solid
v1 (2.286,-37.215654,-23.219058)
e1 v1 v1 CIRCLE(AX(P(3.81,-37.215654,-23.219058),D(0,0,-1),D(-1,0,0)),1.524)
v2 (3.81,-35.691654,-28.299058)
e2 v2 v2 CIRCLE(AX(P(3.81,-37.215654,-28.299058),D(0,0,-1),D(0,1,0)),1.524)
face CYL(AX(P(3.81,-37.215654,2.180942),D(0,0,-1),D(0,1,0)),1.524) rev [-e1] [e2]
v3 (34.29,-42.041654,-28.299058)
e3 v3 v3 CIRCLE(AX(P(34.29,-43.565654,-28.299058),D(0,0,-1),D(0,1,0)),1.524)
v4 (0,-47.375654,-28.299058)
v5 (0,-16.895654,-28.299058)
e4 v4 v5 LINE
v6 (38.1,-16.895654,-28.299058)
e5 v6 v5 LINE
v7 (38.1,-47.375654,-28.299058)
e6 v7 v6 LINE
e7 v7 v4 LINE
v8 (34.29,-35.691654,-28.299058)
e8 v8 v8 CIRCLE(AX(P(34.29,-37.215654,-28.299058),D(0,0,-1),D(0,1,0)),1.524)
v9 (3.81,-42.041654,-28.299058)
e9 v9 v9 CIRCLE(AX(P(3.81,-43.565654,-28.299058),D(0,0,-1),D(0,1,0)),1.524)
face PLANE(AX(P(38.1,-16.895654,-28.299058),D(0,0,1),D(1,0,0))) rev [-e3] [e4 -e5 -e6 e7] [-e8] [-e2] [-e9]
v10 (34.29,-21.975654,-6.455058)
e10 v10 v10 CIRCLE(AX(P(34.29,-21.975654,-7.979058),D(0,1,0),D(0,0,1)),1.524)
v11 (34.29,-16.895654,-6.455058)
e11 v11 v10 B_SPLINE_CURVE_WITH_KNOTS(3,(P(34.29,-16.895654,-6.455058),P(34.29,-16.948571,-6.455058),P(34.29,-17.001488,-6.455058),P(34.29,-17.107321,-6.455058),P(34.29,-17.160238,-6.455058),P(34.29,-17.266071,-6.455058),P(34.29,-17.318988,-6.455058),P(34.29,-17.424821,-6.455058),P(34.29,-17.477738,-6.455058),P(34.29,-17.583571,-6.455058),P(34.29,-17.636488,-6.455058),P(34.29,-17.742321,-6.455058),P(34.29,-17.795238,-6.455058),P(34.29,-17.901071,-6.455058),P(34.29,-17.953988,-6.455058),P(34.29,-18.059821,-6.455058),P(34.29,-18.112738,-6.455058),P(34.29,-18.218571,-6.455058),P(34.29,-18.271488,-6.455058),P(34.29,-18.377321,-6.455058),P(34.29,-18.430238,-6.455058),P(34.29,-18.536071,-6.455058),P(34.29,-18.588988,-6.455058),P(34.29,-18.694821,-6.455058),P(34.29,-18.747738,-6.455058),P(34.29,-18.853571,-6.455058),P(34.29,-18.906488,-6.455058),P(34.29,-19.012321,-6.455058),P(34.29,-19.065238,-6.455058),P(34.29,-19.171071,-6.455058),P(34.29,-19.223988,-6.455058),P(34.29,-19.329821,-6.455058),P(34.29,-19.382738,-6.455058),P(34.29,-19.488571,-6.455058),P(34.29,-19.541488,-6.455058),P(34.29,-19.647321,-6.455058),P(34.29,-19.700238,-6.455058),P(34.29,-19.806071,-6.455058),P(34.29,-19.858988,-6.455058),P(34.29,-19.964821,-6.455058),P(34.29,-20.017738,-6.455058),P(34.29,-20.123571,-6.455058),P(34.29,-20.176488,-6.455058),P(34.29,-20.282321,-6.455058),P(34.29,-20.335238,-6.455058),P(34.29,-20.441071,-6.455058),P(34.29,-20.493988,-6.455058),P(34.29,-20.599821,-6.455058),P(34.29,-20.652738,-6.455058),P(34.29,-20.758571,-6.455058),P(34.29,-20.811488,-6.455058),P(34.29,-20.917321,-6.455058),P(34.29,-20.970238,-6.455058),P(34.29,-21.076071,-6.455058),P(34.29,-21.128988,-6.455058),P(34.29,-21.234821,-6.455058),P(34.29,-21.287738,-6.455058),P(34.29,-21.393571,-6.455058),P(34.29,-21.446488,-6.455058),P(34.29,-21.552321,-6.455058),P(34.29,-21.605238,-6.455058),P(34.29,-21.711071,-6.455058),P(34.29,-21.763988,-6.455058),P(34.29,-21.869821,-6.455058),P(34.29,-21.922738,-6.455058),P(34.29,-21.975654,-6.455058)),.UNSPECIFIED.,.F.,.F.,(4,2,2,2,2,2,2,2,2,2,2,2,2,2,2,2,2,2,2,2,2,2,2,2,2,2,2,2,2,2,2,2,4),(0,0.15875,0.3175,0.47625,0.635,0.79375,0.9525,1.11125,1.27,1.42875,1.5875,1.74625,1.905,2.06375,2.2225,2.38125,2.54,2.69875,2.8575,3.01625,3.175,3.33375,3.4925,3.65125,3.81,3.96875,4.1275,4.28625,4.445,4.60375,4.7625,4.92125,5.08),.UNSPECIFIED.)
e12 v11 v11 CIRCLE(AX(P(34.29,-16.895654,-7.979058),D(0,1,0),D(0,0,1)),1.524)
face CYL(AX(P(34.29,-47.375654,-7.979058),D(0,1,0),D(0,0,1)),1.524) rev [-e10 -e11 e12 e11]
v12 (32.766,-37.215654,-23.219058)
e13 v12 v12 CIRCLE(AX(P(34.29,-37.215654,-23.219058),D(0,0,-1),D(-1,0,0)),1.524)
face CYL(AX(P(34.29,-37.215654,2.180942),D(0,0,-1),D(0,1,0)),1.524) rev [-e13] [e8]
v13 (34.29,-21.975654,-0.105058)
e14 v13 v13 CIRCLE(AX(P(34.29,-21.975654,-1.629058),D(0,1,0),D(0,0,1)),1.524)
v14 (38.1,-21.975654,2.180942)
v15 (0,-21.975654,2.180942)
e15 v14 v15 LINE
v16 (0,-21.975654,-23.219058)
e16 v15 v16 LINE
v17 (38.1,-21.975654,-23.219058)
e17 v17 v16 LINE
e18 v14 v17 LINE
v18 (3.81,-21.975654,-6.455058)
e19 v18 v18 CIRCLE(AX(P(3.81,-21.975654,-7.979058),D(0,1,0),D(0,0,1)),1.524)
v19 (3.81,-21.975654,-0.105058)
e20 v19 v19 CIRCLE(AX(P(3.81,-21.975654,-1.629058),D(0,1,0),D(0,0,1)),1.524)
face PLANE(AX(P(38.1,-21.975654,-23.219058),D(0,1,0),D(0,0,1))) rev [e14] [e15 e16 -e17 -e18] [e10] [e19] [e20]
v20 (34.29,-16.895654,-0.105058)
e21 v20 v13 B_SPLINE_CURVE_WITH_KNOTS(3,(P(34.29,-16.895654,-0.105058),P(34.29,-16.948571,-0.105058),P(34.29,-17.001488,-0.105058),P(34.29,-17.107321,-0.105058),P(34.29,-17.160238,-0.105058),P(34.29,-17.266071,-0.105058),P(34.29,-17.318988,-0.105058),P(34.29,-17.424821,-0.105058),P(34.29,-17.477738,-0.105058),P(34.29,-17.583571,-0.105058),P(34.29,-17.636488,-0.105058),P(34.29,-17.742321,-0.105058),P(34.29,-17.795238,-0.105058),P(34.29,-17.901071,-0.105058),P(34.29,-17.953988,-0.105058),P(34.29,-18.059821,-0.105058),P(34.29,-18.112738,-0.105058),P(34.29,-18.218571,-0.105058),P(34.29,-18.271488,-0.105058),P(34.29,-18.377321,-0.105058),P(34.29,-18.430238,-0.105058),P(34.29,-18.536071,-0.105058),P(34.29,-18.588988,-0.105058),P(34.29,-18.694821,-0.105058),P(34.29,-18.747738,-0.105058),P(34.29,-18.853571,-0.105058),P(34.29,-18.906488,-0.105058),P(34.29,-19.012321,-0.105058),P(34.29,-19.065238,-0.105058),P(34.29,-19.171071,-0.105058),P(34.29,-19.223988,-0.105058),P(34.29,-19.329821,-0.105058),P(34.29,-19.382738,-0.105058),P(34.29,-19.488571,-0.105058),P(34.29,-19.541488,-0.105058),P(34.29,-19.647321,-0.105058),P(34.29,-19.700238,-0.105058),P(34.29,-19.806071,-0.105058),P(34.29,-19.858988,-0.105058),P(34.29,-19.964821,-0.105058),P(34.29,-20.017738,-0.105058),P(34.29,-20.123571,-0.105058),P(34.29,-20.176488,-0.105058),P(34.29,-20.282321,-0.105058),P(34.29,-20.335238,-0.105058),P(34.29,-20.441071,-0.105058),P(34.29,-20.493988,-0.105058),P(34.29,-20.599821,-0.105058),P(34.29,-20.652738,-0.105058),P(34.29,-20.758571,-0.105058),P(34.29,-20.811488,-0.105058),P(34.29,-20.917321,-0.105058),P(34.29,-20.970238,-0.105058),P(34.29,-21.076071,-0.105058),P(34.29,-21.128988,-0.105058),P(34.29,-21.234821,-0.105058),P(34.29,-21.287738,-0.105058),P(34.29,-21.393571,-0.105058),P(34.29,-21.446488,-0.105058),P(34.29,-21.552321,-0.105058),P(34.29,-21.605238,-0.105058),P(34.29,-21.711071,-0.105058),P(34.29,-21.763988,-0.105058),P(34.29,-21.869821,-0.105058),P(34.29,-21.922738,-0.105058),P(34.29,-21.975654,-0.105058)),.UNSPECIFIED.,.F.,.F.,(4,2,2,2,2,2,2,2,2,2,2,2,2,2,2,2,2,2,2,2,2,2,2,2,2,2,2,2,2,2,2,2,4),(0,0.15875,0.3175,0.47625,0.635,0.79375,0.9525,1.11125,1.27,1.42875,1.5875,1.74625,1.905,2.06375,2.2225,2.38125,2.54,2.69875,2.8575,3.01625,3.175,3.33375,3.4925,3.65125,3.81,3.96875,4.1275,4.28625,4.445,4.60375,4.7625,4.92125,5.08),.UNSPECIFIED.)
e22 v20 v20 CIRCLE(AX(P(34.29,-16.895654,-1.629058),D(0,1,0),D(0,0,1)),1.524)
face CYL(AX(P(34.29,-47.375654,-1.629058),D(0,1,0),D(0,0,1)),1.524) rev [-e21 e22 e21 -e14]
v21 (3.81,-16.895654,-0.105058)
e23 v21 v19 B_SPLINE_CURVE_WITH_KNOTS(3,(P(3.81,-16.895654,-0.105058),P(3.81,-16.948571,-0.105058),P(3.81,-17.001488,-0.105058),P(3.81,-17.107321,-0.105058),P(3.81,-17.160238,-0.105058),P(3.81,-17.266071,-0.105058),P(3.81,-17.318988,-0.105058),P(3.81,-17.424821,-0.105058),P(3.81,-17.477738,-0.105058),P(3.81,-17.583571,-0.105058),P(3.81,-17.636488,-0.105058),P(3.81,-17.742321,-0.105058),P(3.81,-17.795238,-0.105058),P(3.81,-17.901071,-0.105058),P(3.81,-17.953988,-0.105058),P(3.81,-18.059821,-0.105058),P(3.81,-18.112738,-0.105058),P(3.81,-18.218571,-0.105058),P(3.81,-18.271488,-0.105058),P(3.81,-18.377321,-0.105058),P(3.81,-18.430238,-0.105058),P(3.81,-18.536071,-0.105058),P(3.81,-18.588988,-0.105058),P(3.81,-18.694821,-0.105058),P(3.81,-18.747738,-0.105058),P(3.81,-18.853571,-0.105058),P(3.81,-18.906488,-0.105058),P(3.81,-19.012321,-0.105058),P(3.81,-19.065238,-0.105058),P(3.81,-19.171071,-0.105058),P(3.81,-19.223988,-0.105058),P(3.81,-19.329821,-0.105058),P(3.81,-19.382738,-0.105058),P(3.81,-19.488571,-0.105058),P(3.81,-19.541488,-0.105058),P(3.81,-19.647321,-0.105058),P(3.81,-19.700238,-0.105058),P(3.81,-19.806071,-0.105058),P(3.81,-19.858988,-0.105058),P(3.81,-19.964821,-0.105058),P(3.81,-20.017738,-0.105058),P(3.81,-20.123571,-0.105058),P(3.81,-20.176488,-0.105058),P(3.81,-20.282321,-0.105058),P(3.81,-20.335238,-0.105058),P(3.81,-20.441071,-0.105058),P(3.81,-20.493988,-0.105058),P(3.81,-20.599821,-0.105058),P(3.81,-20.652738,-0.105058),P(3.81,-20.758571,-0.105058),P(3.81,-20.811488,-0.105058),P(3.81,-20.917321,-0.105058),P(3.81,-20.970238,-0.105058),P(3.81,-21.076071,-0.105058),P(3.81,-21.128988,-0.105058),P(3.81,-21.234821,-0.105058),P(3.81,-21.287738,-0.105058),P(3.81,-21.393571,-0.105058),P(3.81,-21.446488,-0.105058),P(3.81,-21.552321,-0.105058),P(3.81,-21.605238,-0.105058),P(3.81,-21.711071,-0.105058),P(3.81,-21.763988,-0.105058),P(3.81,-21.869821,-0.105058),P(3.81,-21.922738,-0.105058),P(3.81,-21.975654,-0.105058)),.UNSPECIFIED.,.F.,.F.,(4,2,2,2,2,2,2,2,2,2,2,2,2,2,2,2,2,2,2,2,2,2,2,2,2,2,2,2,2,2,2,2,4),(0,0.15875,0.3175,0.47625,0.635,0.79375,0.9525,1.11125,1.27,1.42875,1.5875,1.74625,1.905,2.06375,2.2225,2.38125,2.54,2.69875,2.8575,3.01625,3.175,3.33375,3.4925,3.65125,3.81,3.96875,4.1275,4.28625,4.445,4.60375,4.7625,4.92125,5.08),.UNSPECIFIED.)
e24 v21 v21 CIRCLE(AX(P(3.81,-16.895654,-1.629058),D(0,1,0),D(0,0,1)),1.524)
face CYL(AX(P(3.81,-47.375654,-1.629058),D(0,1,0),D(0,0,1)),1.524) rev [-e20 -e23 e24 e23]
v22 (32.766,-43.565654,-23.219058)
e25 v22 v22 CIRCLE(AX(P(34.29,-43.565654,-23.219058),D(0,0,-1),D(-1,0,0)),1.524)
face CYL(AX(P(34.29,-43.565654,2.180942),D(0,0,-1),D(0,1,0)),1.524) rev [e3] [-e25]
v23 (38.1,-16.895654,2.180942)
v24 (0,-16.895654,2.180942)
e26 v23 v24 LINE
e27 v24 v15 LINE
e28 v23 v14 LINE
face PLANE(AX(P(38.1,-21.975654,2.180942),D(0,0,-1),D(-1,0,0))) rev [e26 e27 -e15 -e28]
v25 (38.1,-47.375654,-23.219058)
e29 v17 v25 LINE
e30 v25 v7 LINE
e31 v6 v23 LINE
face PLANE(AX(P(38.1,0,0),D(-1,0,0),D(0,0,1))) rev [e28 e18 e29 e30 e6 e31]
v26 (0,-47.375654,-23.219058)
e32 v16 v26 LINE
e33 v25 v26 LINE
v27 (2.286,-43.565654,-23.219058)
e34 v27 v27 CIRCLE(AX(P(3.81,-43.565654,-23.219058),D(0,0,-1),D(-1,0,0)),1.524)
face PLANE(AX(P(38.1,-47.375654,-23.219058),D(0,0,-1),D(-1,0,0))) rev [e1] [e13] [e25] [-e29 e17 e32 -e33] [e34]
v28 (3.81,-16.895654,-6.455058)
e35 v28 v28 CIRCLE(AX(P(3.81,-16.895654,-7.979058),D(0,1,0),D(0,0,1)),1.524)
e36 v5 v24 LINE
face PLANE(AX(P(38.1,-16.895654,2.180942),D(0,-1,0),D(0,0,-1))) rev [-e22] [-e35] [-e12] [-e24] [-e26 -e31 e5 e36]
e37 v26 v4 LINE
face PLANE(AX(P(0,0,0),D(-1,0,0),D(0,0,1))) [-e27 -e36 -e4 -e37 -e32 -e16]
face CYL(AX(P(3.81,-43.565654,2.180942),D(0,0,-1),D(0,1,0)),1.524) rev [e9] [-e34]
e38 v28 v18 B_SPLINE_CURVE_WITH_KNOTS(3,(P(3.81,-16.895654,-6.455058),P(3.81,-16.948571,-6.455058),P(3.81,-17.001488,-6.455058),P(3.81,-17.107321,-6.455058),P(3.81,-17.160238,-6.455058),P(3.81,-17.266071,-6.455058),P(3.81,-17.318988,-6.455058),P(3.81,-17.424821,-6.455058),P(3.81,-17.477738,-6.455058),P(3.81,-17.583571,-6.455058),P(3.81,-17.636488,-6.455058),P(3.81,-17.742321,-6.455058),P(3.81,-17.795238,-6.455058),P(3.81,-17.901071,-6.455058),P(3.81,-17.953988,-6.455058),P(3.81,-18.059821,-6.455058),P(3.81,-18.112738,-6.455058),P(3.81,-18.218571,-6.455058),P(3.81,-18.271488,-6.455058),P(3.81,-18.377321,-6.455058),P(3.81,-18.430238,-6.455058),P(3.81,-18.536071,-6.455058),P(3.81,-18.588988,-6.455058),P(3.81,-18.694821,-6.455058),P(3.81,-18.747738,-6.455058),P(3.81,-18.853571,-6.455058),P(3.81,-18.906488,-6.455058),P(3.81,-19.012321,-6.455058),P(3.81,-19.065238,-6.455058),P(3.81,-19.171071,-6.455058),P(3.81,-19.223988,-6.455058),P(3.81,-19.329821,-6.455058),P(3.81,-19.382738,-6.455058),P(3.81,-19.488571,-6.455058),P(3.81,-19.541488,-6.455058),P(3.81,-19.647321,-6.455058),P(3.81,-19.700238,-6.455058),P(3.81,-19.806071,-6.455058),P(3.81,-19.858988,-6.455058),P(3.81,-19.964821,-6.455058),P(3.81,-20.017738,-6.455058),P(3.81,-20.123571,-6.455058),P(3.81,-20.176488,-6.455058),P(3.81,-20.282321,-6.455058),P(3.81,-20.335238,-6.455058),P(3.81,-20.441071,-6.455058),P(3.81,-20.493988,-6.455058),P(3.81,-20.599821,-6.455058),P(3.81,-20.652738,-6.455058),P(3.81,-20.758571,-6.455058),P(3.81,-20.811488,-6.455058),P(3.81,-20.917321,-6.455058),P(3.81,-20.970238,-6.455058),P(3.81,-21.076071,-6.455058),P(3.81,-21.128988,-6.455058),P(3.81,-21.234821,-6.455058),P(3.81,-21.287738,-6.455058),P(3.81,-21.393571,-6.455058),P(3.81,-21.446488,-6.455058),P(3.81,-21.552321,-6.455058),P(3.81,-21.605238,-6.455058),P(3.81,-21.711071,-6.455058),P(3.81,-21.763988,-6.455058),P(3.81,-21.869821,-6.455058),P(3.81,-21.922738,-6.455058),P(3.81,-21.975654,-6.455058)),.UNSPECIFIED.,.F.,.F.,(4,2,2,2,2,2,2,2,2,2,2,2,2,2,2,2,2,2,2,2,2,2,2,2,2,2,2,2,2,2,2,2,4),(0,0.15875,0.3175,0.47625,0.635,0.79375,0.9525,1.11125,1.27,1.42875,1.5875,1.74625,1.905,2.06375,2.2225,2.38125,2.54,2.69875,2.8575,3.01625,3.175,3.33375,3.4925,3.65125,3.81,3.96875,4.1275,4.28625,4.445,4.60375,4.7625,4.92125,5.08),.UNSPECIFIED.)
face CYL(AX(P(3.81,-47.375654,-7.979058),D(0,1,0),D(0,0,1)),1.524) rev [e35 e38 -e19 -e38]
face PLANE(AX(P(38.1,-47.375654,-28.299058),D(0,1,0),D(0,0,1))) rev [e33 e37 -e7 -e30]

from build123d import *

# Parameters (mm, degrees)
BOSS_EXTRUDE1_DEPTH = 38.1
SKETCH2_R           = 1.524
CUT_EXTRUDE1_DEPTH  = 69.008036544
SKETCH3_R           = 1.524
CUT_EXTRUDE2_DEPTH  = 57.404583684


with BuildPart() as part:
    # Sketch1 → Boss-Extrude1 (new body)
    with BuildSketch(Plane(origin=(0, 0, 0), x_dir=(0, 0, -1), z_dir=(1, 0, 0))):
        Polygon((-2.180942408, -16.89565445), (28.299057592, -16.89565445), (28.299057592, -47.37565445), (23.219057592, -47.37565445), (23.219057592, -21.97565445), (-2.180942408, -21.97565445), align=None)
    extrude(amount=BOSS_EXTRUDE1_DEPTH)

    # Sketch2 → Cut-Extrude1 (cut, through all)
    with BuildSketch(Plane(origin=(0, 0, -28.299057592), x_dir=(-1, 0, 0), z_dir=(0, 0, -1))):
        with Locations(Location((-34.29, -43.56565445, 0), (0, 0, 90))):
            Circle(SKETCH2_R)
        with Locations(Location((-3.81, -43.56565445, 0), (0, 0, 90))):
            Circle(SKETCH2_R)
        with Locations(Location((-3.81, -37.21565445, 0), (0, 0, 90))):
            Circle(SKETCH2_R)
        with Locations(Location((-34.29, -37.21565445, 0), (0, 0, 90))):
            Circle(SKETCH2_R)
    extrude(amount=-CUT_EXTRUDE1_DEPTH, mode=Mode.SUBTRACT)

    # Sketch3 → Cut-Extrude2 (cut, through all)
    with BuildSketch(Plane(origin=(0, -16.89565445, 0), x_dir=(1, 0, 0), z_dir=(0, 1, 0))):
        with Locations(Location((3.81, 1.629057592, 0), (0, 0, 270))):
            Circle(SKETCH3_R)
        with Locations(Location((34.29, 1.629057592, 0), (0, 0, 270))):
            Circle(SKETCH3_R)
        with Locations(Location((3.81, 7.979057592, 0), (0, 0, 270))):
            Circle(SKETCH3_R)
        with Locations(Location((34.29, 7.979057592, 0), (0, 0, 270))):
            Circle(SKETCH3_R)
    extrude(amount=-CUT_EXTRUDE2_DEPTH, mode=Mode.SUBTRACT)


solid = part.part
